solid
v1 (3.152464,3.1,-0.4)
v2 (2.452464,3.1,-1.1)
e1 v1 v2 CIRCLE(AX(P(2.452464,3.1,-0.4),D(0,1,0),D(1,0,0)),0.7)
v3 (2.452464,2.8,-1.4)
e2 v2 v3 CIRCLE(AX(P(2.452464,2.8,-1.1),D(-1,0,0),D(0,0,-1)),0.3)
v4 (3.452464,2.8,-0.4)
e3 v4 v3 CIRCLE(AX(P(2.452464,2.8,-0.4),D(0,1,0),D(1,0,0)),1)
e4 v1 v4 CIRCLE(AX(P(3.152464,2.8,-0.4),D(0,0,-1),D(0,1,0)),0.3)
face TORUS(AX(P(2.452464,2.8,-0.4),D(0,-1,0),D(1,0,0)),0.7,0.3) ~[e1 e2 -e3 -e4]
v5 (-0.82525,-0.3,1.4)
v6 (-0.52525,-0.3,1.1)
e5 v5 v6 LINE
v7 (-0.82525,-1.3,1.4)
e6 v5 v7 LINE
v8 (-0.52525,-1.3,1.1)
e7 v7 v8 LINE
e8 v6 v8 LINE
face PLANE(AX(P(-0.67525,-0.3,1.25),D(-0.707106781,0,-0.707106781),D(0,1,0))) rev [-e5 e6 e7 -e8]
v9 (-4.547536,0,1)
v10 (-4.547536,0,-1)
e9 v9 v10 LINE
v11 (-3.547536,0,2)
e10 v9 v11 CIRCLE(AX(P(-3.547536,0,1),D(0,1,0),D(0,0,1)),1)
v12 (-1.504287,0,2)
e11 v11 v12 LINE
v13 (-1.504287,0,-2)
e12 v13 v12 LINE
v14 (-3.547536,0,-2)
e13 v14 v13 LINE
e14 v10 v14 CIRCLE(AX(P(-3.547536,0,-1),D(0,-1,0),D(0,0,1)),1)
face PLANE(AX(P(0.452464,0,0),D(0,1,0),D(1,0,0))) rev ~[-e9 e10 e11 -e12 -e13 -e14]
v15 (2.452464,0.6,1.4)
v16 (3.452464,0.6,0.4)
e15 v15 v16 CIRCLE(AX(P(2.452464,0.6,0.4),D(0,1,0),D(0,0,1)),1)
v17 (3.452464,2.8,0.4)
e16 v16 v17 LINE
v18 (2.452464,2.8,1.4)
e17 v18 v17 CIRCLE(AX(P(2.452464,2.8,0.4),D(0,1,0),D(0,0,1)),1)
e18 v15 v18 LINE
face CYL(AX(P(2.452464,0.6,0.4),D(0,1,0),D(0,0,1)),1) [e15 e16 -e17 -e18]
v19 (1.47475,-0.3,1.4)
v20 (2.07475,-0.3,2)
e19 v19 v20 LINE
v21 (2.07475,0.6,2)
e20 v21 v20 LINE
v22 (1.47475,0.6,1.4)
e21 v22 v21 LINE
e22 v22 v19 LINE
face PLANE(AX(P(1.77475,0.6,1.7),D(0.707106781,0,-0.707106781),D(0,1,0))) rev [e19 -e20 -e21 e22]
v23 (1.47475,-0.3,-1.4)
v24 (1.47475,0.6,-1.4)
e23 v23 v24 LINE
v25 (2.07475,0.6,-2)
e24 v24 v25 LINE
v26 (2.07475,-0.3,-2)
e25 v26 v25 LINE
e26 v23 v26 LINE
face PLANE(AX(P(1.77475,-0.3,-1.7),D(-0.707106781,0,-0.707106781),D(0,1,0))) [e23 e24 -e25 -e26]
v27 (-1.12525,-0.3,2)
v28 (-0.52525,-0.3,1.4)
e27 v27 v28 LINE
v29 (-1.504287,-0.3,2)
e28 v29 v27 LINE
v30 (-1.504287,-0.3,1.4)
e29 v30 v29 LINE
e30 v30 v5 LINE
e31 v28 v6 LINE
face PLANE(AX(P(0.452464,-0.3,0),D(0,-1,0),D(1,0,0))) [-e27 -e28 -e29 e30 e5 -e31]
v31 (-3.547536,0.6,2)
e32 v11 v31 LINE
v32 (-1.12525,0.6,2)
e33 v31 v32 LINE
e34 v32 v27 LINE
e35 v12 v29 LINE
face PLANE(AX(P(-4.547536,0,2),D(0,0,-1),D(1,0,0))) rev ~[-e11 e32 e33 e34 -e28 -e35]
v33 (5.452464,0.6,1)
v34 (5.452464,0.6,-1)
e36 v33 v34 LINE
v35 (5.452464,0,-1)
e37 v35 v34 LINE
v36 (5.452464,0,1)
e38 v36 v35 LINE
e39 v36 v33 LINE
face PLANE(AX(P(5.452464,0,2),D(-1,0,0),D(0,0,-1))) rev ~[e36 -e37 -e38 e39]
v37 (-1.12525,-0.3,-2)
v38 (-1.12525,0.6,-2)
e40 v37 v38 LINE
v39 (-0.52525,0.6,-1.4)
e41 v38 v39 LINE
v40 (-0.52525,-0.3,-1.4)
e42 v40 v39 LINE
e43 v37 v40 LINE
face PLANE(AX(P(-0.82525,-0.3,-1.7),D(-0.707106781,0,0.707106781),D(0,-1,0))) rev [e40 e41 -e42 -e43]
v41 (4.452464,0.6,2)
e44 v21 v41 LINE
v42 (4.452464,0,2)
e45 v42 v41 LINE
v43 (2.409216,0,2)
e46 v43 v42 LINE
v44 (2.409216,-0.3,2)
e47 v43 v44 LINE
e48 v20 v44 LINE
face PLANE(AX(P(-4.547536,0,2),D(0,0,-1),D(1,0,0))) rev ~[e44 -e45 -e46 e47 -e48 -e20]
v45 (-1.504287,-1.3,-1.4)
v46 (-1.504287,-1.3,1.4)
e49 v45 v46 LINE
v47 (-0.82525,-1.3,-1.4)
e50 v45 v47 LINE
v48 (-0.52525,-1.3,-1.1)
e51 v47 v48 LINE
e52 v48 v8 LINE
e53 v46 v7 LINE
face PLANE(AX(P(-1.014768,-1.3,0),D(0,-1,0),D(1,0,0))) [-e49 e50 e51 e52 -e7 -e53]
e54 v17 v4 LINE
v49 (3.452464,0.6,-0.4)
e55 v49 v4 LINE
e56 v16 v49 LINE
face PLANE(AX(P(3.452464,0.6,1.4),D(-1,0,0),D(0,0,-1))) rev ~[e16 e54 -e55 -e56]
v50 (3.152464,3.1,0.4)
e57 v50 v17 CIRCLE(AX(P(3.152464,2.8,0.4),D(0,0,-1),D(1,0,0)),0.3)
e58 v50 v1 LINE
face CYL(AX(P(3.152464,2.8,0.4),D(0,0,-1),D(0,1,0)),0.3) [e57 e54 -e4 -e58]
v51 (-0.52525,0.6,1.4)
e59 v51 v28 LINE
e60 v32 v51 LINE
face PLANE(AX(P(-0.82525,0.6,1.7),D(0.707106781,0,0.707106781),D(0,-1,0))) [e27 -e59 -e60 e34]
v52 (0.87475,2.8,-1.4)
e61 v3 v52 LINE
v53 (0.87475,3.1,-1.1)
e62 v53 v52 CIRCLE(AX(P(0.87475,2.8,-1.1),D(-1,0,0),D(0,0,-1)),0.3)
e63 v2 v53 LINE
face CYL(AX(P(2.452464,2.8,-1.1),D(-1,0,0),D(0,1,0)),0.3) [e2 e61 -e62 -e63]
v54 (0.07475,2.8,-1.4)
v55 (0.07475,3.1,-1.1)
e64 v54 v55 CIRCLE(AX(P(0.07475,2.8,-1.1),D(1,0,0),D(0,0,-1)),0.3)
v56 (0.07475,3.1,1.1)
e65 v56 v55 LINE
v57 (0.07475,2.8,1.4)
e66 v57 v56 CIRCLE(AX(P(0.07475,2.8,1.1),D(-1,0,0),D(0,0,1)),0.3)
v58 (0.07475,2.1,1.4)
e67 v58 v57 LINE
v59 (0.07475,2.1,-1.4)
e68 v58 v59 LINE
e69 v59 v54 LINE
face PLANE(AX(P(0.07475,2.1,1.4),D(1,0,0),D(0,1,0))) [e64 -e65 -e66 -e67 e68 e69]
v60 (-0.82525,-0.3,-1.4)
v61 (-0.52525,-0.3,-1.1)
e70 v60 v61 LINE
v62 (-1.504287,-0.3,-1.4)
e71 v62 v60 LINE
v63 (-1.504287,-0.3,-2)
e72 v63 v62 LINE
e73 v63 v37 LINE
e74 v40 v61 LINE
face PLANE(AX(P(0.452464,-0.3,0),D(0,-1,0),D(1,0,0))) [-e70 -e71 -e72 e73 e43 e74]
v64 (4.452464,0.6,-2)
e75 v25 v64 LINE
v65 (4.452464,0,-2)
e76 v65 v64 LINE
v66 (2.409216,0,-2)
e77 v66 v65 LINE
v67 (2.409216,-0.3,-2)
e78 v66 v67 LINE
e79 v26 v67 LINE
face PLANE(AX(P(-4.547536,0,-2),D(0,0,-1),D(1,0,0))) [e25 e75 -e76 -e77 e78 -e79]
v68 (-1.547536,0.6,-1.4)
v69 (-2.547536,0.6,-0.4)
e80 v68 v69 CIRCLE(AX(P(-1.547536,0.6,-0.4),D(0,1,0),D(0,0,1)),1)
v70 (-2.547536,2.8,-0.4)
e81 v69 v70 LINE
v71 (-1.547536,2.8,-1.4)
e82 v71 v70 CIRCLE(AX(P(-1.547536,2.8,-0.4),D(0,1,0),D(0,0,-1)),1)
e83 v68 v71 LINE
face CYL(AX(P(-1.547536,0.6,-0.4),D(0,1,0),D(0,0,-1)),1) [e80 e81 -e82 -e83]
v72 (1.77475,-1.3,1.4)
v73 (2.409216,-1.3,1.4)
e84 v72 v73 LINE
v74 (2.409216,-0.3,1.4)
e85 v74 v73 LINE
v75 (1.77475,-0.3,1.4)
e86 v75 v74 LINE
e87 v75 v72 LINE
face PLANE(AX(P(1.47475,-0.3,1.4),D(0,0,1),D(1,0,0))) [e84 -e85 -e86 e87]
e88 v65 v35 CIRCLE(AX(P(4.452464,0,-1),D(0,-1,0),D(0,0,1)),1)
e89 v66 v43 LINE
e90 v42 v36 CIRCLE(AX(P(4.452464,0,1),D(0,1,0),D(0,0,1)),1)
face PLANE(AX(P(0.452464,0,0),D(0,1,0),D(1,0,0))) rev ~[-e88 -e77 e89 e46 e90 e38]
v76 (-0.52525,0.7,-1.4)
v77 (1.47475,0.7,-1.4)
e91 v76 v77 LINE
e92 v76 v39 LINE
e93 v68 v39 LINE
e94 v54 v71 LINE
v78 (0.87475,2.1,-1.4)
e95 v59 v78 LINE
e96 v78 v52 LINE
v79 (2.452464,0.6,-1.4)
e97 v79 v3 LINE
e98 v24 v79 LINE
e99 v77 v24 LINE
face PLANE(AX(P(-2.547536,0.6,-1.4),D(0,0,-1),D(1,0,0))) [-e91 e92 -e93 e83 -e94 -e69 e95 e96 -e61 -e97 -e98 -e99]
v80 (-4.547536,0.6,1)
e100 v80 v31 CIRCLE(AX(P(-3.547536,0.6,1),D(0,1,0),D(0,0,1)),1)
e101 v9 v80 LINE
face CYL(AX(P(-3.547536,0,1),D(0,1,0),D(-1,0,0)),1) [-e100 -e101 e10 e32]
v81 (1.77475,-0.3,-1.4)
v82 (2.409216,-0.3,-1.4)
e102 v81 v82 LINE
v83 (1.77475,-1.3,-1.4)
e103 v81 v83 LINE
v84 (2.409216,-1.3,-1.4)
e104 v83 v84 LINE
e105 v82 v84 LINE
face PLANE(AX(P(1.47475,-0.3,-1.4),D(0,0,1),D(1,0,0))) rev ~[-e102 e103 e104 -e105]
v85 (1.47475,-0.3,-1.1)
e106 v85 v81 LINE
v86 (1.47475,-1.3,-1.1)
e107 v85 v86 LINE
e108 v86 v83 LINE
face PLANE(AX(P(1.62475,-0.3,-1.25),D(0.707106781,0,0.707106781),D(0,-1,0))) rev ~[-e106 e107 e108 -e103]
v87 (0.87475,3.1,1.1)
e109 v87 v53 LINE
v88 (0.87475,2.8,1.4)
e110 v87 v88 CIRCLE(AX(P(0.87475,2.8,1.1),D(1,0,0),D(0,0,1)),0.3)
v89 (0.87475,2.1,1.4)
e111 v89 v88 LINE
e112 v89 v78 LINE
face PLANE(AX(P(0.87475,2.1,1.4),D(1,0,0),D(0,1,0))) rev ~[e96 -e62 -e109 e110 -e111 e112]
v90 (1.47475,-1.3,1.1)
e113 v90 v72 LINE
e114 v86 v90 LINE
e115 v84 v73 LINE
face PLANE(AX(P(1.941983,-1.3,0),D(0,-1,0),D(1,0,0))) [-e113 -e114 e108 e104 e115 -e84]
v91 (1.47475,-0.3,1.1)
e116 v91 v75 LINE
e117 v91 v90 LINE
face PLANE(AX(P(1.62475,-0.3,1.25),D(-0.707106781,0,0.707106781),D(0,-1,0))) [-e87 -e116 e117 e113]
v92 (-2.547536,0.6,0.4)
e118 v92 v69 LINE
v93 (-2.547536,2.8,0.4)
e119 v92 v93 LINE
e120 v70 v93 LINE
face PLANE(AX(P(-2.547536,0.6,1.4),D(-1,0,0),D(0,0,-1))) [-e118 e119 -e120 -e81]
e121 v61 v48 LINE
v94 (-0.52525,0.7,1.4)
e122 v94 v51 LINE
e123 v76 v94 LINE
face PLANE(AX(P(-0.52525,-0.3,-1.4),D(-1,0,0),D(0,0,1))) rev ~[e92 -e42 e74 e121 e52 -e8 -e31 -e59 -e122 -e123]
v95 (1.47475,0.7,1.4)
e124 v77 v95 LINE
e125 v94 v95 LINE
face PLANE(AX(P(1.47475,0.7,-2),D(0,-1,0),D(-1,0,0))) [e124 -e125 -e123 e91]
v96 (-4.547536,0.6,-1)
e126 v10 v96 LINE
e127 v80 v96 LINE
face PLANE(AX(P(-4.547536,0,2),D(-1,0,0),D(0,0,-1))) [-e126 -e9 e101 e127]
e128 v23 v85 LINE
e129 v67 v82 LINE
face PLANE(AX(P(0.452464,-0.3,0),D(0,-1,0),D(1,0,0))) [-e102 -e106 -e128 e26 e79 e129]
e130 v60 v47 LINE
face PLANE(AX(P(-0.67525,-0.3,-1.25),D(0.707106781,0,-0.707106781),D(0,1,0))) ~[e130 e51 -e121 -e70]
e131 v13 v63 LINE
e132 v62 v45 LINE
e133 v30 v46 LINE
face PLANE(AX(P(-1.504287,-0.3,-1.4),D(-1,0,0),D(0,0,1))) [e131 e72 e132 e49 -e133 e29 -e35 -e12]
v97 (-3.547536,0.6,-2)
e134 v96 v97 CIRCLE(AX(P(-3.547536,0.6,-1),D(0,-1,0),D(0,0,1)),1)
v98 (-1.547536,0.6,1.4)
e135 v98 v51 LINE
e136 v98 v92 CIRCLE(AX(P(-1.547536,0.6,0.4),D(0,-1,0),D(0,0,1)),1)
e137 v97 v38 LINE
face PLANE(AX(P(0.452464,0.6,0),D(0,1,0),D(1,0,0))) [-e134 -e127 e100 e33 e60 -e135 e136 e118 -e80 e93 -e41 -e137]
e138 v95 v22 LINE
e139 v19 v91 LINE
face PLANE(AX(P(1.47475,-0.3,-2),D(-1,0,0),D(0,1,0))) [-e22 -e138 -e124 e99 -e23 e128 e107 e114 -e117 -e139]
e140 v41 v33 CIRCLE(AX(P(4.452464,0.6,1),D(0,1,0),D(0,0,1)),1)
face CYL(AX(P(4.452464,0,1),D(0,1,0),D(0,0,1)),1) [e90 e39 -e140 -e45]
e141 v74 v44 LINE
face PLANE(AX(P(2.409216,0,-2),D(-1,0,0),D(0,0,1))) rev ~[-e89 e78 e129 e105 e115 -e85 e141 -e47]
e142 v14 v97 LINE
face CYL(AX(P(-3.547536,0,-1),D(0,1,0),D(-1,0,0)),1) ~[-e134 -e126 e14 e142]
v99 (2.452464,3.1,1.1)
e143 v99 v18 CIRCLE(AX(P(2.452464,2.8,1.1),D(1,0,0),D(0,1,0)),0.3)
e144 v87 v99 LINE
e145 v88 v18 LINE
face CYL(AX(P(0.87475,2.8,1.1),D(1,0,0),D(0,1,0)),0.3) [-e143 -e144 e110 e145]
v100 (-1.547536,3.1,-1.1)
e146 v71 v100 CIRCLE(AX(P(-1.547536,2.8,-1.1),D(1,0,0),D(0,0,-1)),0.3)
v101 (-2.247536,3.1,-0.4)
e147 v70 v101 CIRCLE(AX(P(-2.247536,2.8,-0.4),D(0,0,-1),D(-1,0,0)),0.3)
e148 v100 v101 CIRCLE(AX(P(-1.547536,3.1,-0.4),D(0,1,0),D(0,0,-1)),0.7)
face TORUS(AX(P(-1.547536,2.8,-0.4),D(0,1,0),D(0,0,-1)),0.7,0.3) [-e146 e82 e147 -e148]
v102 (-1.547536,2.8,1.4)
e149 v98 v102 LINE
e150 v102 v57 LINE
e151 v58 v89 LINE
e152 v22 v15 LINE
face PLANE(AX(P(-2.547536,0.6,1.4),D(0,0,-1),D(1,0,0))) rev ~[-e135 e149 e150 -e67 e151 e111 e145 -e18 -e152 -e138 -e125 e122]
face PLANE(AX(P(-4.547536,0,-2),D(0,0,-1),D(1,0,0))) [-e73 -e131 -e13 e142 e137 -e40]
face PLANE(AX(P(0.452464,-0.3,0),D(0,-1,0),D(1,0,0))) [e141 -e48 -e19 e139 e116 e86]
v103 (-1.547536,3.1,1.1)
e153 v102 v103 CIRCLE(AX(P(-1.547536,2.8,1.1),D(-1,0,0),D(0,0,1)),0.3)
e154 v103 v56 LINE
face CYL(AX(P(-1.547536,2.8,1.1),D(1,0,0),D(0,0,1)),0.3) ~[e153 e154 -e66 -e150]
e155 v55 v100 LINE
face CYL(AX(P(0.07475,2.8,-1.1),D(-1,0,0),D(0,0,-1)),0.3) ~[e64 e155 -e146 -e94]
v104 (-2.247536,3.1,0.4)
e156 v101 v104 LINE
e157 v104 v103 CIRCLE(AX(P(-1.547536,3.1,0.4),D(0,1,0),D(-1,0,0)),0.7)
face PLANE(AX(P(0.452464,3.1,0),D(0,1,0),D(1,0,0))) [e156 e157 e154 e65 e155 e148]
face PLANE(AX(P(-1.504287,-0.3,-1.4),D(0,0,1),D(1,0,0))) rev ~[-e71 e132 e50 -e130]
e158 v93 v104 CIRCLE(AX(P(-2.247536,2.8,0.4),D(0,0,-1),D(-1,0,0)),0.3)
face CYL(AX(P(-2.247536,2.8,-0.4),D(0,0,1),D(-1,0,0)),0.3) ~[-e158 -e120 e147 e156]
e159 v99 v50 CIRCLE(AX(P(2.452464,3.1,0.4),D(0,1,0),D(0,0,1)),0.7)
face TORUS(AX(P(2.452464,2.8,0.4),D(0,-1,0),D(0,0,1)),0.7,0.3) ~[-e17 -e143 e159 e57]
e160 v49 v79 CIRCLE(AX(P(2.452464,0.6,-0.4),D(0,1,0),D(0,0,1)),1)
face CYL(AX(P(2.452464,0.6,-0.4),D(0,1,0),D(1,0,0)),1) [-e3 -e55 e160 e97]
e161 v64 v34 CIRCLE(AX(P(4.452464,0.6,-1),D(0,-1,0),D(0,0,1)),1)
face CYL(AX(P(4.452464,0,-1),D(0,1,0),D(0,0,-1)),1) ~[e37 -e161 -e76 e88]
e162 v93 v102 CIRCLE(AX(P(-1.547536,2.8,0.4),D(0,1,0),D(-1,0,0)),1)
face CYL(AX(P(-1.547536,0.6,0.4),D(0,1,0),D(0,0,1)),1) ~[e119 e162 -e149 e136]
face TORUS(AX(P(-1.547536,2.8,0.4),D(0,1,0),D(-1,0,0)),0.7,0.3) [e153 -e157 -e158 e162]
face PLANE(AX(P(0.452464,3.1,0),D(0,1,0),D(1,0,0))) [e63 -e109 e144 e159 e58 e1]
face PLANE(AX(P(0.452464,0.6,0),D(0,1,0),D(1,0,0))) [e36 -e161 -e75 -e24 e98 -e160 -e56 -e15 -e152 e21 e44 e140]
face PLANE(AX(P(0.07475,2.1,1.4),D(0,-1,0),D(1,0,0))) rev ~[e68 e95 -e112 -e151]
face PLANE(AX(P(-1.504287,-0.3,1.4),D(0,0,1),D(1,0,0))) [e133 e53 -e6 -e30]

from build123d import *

# Parameters (mm, degrees)
SKETCH_1_W                      = 10
SKETCH_1_H                      = 4
EXTRUDE_1_DEPTH                 = 0.6
SKETCH_2_W                      = 6
SKETCH_2_H                      = 2.8
EXTRUDE_2_DEPTH                 = 2.5
FILLET_1_R                      = 1
CUT_EXTRUDE_2_REACH             = 9.134
SKETCH_7_W                      = 0.8
SKETCH_7_H                      = 1
CUT_EXTRUDE_2_DIRECTION_2_DEPTH = 8.134379197
SKETCH_8_W                      = 3.913502977
SKETCH_8_H                      = 4
EXTRUDE_3_DEPTH                 = 0.3
CUT_EXTRUDE_3_REACH             = 9.439
SKETCH_9_W                      = 2
SKETCH_9_H                      = 1
CHAMFER_2_SIZE                  = 0.6
FILLET_2_R                      = 0.3
SKETCH_10_W                     = 0.979037501
SKETCH_10_H                     = 2.8
SKETCH_10_W_2                   = 0.934465476
EXTRUDE_4_DEPTH                 = 1
CHAMFER_3_SIZE                  = 0.3


with BuildPart() as part:
    # 草图1 → 凸台-拉伸1 (new body)
    with BuildSketch(Plane(origin=(0, 0, 0), x_dir=(1, 0, 0), z_dir=(0, 1, 0))):
        with Locations((0.452464262, 0)):
            Rectangle(SKETCH_1_W, SKETCH_1_H)
    extrude(amount=EXTRUDE_1_DEPTH)

    # 草图2 → 凸台-拉伸2 (add)
    with BuildSketch(Plane(origin=(0, 0.6, 0), x_dir=(1, 0, 0), z_dir=(0, 1, 0))):
        with Locations((0.452464262, 0)):
            Rectangle(SKETCH_2_W, SKETCH_2_H)
    extrude(amount=EXTRUDE_2_DEPTH)

    # 圆角1
    fillet_1_edges = [part.edges().sort_by_distance(p)[0] for p in [
        (3.452464262, 1.85, 1.4),
        (3.452464262, 1.85, -1.4),
        (-2.547535738, 1.85, -1.4),
        (-2.547535738, 1.85, 1.4),
        (5.452464262, 0.3, 2),
        (-4.547535738, 0.3, 2),
        (-4.547535738, 0.3, -2),
        (5.452464262, 0.3, -2),
    ]]
    fillet(fillet_1_edges, radius=FILLET_1_R)

    # 草图7 → 切除-拉伸2 (cut, up to next)
    with BuildSketch(Plane.XY.offset(1.4), mode=Mode.PRIVATE) as cut_extrude_2_sk1:
        with Locations((0.474750274, 2.6)):
            Rectangle(SKETCH_7_W, SKETCH_7_H)
    cut_extrude_2_tool1 = extrude(cut_extrude_2_sk1.sketch, amount=-CUT_EXTRUDE_2_REACH, mode=Mode.PRIVATE) & part.part
    add(cut_extrude_2_tool1.solids().sort_by_distance((0.47475, 2.6, 1.4))[0], mode=Mode.SUBTRACT)

    # 草图7 → 切除-拉伸2 direction 2 (cut)
    with BuildSketch(Plane.XY.offset(1.4)):
        with Locations((0.474750274, 2.6)):
            Rectangle(SKETCH_7_W, SKETCH_7_H)
    extrude(amount=CUT_EXTRUDE_2_DIRECTION_2_DEPTH, mode=Mode.SUBTRACT)

    # 草图8 → 凸台-拉伸3 (add)
    with BuildSketch(Plane.XZ):
        with Locations((0.452464261, 0)):
            Rectangle(SKETCH_8_W, SKETCH_8_H)
    extrude(amount=EXTRUDE_3_DEPTH)

    # 草图9 → 切除-拉伸3 (cut, up to next)
    with BuildSketch(Plane(origin=(0, 0, -2), x_dir=(-1, 0, 0), z_dir=(0, 0, -1)), mode=Mode.PRIVATE) as cut_extrude_3_sk1:
        with Locations((-0.474750274, 0.2)):
            Rectangle(SKETCH_9_W, SKETCH_9_H)
    cut_extrude_3_tool1 = extrude(cut_extrude_3_sk1.sketch, amount=-CUT_EXTRUDE_3_REACH, mode=Mode.PRIVATE) & part.part
    add(cut_extrude_3_tool1.solids().sort_by_distance((0.47475, 0.2, -2))[0], mode=Mode.SUBTRACT)

    # 倒角2
    chamfer_2_edges = [part.edges().sort_by_distance(p)[0] for p in [
        (-0.525249726, 0.15, 2),
        (-0.525249726, 0.15, -2),
        (1.474750274, 0.15, -2),
        (1.474750274, 0.15, 2),
    ]]
    chamfer(chamfer_2_edges, length=CHAMFER_2_SIZE)

    # 圆角2
    fillet_2_edges = [part.edges().sort_by_distance(p)[0] for p in [
        (-0.736392732, 3.1, 1.4),
        (-2.547535738, 3.1, 0),
        (3.452464262, 3.1, 0),
        (1.663607268, 3.1, -1.4),
        (3.159571043, 3.1, -1.107106781),
        (-2.25464252, 3.1, -1.107106781),
        (3.159571043, 3.1, 1.107106781),
        (-2.25464252, 3.1, 1.107106781),
        (1.663607268, 3.1, 1.4),
        (-0.736392732, 3.1, -1.4),
    ]]
    fillet(fillet_2_edges, radius=FILLET_2_R)

    # 草图10 → 凸台-拉伸4 (add)
    with BuildSketch(Plane.XZ.offset(0.3)):
        with Locations((-1.014768477, 0)):
            Rectangle(SKETCH_10_W, SKETCH_10_H)
        with Locations((1.941983012, 0)):
            Rectangle(SKETCH_10_W_2, SKETCH_10_H)
    extrude(amount=EXTRUDE_4_DEPTH)

    # 倒角3
    chamfer_3_edges = [part.edges().sort_by_distance(p)[0] for p in [
        (-0.525249726, -0.8, -1.4),
        (-0.525249726, -0.8, 1.4),
        (1.474750274, -0.8, 1.4),
        (1.474750274, -0.8, -1.4),
    ]]
    chamfer(chamfer_3_edges, length=CHAMFER_3_SIZE)


solid = part.part
